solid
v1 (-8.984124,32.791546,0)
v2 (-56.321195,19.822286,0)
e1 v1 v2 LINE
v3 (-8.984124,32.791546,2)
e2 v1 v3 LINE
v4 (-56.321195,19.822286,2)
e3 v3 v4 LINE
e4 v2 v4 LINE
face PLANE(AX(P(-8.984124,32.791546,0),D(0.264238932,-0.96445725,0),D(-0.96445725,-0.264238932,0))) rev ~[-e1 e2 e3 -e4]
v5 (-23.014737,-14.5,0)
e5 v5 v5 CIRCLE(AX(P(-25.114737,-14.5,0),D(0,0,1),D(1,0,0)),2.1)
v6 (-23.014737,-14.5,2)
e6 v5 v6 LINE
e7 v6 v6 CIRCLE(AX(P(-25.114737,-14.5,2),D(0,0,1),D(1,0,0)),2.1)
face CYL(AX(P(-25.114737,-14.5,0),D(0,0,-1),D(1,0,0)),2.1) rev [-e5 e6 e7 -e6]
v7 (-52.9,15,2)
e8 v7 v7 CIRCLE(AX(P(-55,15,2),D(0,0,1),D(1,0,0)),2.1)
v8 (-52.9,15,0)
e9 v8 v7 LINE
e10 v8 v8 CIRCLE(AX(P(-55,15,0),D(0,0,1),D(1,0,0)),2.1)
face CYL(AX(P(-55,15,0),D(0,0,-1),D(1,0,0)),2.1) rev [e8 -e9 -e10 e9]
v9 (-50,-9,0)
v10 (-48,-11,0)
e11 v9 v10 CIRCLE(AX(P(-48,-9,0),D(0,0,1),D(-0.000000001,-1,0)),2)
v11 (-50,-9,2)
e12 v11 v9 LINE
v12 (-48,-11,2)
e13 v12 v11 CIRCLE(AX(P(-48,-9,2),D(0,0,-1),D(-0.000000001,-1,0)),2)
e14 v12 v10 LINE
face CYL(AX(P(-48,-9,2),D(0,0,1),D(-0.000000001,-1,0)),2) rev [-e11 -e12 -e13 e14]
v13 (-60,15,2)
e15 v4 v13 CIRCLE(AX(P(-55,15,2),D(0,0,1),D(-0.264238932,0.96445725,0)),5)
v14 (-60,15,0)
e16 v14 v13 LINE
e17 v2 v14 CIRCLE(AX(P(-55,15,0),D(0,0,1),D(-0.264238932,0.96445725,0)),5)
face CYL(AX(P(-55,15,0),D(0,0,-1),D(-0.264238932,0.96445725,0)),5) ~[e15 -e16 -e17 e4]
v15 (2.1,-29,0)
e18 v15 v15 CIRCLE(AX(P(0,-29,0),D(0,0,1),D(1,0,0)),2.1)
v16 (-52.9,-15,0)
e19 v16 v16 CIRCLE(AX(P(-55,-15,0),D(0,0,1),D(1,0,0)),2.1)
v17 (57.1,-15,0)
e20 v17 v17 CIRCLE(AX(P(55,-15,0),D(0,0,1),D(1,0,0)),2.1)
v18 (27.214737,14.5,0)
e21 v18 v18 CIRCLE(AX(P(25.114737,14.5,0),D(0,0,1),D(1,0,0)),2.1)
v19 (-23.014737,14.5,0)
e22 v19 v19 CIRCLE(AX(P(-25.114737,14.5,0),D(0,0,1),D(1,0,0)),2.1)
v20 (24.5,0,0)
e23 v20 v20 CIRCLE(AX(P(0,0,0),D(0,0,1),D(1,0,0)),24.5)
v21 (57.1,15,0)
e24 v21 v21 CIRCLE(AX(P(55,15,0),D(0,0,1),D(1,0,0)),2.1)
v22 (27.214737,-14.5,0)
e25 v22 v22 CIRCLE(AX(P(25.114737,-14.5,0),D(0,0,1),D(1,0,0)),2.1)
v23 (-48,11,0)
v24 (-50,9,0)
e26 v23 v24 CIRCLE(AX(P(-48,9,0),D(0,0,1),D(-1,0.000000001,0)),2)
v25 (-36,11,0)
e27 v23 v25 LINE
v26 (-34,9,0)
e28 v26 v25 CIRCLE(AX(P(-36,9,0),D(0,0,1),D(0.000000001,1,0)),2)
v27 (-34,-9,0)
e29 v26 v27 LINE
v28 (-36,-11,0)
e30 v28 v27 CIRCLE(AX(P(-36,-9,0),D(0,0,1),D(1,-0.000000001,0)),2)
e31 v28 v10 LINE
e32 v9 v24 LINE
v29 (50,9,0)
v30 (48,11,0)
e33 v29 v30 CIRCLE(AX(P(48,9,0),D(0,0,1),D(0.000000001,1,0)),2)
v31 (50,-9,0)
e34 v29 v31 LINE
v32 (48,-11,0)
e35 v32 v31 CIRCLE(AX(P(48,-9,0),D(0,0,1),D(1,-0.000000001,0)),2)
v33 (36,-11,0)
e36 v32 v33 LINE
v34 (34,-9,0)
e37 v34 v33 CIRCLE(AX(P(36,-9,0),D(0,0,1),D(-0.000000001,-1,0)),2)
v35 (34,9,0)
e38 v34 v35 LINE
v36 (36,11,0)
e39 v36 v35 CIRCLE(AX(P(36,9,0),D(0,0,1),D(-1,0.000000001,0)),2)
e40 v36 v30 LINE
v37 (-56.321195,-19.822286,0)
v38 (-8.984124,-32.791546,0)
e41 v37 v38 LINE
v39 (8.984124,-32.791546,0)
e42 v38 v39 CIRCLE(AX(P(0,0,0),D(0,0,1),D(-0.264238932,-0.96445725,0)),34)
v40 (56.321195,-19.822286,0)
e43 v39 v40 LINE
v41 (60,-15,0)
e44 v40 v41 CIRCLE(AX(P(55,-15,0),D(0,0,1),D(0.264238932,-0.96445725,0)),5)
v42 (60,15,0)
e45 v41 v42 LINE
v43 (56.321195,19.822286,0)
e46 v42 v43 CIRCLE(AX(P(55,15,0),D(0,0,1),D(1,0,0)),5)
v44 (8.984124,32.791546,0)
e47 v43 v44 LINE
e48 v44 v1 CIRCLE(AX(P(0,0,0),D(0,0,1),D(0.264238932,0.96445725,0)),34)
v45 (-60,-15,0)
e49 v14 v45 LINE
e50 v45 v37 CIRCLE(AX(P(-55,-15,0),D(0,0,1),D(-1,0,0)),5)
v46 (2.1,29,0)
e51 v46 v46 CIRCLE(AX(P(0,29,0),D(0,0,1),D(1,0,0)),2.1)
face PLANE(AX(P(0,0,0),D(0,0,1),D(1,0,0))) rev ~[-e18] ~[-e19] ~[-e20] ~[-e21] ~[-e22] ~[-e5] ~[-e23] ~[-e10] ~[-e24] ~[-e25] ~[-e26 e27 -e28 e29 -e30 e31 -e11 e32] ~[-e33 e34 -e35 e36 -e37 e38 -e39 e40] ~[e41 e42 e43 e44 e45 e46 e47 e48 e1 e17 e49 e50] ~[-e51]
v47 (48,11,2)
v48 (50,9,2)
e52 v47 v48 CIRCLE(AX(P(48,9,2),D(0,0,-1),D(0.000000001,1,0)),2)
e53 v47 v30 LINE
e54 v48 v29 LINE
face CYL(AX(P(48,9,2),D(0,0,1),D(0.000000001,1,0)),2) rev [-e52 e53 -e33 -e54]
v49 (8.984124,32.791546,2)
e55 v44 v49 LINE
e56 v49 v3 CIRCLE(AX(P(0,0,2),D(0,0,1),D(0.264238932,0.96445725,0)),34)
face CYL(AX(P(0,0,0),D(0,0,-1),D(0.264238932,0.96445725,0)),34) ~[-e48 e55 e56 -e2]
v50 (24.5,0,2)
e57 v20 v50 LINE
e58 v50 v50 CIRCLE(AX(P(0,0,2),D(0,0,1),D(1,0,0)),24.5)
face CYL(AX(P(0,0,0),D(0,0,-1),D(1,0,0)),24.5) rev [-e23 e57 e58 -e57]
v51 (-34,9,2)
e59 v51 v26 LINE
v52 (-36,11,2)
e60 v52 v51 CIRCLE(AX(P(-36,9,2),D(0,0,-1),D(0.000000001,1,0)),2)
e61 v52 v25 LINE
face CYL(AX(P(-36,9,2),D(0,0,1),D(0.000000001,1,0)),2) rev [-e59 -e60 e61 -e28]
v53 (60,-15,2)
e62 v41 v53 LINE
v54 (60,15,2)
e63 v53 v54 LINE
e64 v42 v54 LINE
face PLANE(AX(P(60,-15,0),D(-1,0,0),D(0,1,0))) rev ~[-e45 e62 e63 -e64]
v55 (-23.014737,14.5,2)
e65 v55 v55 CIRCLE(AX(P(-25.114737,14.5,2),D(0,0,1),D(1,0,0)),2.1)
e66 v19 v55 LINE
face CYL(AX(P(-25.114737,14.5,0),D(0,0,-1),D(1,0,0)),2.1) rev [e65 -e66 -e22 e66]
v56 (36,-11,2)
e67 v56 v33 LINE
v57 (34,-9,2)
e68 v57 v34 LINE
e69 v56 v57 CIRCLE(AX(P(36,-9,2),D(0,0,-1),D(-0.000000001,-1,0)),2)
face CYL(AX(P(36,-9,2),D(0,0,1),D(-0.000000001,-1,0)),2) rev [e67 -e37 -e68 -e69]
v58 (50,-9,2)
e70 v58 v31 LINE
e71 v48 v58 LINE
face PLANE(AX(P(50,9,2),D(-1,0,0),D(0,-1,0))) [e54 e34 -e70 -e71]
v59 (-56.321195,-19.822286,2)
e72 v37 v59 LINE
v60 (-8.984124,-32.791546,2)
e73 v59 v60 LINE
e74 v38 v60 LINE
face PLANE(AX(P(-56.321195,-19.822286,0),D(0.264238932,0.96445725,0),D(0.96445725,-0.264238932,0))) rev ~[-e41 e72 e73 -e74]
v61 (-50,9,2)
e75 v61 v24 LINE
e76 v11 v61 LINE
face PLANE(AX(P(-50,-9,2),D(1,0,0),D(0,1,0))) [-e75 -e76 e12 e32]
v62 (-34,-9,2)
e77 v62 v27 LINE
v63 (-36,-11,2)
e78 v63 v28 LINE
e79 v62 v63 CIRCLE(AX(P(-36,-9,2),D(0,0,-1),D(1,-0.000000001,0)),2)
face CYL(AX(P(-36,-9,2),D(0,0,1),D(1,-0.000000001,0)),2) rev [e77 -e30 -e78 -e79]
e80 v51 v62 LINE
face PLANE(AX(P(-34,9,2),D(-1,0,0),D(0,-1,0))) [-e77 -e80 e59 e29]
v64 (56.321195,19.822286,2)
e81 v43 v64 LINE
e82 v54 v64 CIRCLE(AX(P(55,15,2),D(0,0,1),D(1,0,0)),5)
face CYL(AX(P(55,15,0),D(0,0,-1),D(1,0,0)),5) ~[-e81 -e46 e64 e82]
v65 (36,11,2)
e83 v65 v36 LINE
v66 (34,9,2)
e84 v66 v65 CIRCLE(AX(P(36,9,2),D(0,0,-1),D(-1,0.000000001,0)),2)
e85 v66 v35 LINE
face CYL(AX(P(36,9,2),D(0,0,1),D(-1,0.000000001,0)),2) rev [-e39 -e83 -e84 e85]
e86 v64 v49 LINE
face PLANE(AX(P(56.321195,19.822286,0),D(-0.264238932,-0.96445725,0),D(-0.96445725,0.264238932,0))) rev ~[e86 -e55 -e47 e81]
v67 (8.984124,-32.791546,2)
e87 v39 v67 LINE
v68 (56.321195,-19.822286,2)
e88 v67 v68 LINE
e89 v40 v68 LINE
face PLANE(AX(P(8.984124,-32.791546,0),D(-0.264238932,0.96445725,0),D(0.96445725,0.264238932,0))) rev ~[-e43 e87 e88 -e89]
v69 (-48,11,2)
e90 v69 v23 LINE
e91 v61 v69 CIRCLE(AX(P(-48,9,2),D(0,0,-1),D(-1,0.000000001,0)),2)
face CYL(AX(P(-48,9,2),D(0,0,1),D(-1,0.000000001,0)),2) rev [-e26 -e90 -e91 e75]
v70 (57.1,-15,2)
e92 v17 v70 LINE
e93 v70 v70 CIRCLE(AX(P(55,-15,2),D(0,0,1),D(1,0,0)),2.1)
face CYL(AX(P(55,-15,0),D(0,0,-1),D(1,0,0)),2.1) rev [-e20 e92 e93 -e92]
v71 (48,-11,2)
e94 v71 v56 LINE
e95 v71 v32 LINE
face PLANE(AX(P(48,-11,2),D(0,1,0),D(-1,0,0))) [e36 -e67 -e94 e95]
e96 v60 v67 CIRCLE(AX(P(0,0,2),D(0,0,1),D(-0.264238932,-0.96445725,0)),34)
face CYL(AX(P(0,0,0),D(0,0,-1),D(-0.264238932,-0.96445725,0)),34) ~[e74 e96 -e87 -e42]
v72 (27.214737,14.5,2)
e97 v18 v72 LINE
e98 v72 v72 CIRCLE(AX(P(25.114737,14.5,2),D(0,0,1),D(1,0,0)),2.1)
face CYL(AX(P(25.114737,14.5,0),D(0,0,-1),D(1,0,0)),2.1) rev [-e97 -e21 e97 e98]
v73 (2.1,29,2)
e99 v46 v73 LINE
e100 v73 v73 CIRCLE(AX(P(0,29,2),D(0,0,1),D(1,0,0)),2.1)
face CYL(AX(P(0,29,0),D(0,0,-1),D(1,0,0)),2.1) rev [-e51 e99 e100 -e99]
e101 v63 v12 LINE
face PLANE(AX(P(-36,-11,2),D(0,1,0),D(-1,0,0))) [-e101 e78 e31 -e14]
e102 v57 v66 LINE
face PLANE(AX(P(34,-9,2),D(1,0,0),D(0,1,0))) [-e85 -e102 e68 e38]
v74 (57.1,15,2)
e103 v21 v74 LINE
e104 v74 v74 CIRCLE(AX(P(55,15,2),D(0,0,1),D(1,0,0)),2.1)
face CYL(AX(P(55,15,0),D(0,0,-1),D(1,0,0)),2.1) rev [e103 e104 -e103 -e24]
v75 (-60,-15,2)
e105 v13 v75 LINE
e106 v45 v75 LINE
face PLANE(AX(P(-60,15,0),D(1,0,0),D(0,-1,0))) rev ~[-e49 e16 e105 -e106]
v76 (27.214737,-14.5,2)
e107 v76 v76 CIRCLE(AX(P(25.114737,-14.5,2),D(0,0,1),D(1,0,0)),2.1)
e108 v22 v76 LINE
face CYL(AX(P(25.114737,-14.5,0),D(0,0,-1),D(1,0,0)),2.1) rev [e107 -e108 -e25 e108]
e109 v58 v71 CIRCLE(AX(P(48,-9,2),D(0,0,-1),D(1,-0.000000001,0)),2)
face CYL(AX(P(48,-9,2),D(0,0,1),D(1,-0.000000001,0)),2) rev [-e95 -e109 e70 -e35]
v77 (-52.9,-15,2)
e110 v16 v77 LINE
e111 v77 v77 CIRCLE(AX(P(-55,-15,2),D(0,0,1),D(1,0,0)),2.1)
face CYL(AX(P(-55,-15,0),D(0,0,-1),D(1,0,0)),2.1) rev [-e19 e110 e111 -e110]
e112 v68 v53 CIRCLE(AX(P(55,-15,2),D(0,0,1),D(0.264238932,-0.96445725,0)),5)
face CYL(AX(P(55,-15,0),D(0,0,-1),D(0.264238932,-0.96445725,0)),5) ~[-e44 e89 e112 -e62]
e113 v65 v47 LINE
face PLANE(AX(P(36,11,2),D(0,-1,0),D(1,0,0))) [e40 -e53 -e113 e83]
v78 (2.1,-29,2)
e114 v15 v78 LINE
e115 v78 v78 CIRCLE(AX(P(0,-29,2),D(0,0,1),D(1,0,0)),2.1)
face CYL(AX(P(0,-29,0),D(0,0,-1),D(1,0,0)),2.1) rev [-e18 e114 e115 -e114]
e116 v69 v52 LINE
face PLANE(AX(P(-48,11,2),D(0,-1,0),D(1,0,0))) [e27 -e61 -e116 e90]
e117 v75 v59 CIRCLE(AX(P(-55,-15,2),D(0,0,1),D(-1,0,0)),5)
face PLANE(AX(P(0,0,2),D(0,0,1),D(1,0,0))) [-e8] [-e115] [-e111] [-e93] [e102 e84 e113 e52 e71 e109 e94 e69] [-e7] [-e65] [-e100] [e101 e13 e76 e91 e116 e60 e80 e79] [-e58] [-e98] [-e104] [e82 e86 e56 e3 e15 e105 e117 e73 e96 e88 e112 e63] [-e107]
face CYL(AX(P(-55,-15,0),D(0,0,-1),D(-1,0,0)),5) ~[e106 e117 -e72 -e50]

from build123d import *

# Parameters (mm, degrees)
SKETCH_1_R          = 24.5
SKETCH_1_R_2        = 2.1
EXTRUDE_1_DEPTH     = 2
CUT_EXTRUDE_1_DEPTH = 10


with BuildPart() as part:
    # 草图1 → 凸台-拉伸1 (new body)
    with BuildSketch(Plane.XY):
        with BuildLine():
            Line((-60, 15), (-60, -15))
            ThreePointArc((-60, -15), (-58.975297052, -18.032657803), (-56.321194659, -19.82228625))
            Line((-56.321194659, -19.82228625), (-8.984123683, -32.791546497))
            ThreePointArc((-8.984123683, -32.791546497), (0, -34), (8.984123683, -32.791546497))
            Line((8.984123683, -32.791546497), (56.321194659, -19.82228625))
            ThreePointArc((56.321194659, -19.82228625), (58.975297052, -18.032657803), (60, -15))
            Line((60, -15), (60, 15))
            ThreePointArc((60, 15), (58.975297052, 18.032657803), (56.321194659, 19.82228625))
            Line((56.321194659, 19.82228625), (8.984123683, 32.791546497))
            ThreePointArc((8.984123683, 32.791546497), (0, 34), (-8.984123683, 32.791546497))
            Line((-8.984123683, 32.791546497), (-56.321194659, 19.82228625))
            ThreePointArc((-56.321194659, 19.82228625), (-58.975297052, 18.032657803), (-60, 15))
        make_face()
        Circle(SKETCH_1_R, mode=Mode.SUBTRACT)
        with Locations((0, 29)):
            Circle(SKETCH_1_R_2, mode=Mode.SUBTRACT)
        with Locations((25.11473671, 14.5)):
            Circle(SKETCH_1_R_2, mode=Mode.SUBTRACT)
        with Locations((25.11473671, -14.5)):
            Circle(SKETCH_1_R_2, mode=Mode.SUBTRACT)
        with Locations((0, -29)):
            Circle(SKETCH_1_R_2, mode=Mode.SUBTRACT)
        with Locations((-25.11473671, -14.5)):
            Circle(SKETCH_1_R_2, mode=Mode.SUBTRACT)
        with Locations((-25.11473671, 14.5)):
            Circle(SKETCH_1_R_2, mode=Mode.SUBTRACT)
        with Locations((-55, 15)):
            Circle(SKETCH_1_R_2, mode=Mode.SUBTRACT)
        with Locations((-55, -15)):
            Circle(SKETCH_1_R_2, mode=Mode.SUBTRACT)
        with Locations((55, -15)):
            Circle(SKETCH_1_R_2, mode=Mode.SUBTRACT)
        with Locations((55, 15)):
            Circle(SKETCH_1_R_2, mode=Mode.SUBTRACT)
    extrude(amount=EXTRUDE_1_DEPTH)

    # 草图2 → 切除-拉伸1 (cut)
    with BuildSketch(Plane.XY.offset(2)):
        with BuildLine():
            Line((-48, 11), (-36, 11))
            ThreePointArc((-36, 11), (-34.585786438, 10.414213562), (-34, 9))
            Line((-34, 9), (-34, -9))
            ThreePointArc((-34, -9), (-34.585786438, -10.414213562), (-36, -11))
            Line((-36, -11), (-48, -11))
            ThreePointArc((-48, -11), (-49.414213562, -10.414213562), (-50, -9))
            Line((-50, -9), (-50, 9))
            ThreePointArc((-50, 9), (-49.414213562, 10.414213562), (-48, 11))
        make_face()
        with BuildLine():
            Line((36, 11), (48, 11))
            ThreePointArc((48, 11), (49.414213562, 10.414213562), (50, 9))
            Line((50, 9), (50, -9))
            ThreePointArc((50, -9), (49.414213562, -10.414213562), (48, -11))
            Line((48, -11), (36, -11))
            ThreePointArc((36, -11), (34.585786438, -10.414213562), (34, -9))
            Line((34, -9), (34, 9))
            ThreePointArc((34, 9), (34.585786438, 10.414213562), (36, 11))
        make_face()
    extrude(amount=-CUT_EXTRUDE_1_DEPTH, mode=Mode.SUBTRACT)


solid = part.part
